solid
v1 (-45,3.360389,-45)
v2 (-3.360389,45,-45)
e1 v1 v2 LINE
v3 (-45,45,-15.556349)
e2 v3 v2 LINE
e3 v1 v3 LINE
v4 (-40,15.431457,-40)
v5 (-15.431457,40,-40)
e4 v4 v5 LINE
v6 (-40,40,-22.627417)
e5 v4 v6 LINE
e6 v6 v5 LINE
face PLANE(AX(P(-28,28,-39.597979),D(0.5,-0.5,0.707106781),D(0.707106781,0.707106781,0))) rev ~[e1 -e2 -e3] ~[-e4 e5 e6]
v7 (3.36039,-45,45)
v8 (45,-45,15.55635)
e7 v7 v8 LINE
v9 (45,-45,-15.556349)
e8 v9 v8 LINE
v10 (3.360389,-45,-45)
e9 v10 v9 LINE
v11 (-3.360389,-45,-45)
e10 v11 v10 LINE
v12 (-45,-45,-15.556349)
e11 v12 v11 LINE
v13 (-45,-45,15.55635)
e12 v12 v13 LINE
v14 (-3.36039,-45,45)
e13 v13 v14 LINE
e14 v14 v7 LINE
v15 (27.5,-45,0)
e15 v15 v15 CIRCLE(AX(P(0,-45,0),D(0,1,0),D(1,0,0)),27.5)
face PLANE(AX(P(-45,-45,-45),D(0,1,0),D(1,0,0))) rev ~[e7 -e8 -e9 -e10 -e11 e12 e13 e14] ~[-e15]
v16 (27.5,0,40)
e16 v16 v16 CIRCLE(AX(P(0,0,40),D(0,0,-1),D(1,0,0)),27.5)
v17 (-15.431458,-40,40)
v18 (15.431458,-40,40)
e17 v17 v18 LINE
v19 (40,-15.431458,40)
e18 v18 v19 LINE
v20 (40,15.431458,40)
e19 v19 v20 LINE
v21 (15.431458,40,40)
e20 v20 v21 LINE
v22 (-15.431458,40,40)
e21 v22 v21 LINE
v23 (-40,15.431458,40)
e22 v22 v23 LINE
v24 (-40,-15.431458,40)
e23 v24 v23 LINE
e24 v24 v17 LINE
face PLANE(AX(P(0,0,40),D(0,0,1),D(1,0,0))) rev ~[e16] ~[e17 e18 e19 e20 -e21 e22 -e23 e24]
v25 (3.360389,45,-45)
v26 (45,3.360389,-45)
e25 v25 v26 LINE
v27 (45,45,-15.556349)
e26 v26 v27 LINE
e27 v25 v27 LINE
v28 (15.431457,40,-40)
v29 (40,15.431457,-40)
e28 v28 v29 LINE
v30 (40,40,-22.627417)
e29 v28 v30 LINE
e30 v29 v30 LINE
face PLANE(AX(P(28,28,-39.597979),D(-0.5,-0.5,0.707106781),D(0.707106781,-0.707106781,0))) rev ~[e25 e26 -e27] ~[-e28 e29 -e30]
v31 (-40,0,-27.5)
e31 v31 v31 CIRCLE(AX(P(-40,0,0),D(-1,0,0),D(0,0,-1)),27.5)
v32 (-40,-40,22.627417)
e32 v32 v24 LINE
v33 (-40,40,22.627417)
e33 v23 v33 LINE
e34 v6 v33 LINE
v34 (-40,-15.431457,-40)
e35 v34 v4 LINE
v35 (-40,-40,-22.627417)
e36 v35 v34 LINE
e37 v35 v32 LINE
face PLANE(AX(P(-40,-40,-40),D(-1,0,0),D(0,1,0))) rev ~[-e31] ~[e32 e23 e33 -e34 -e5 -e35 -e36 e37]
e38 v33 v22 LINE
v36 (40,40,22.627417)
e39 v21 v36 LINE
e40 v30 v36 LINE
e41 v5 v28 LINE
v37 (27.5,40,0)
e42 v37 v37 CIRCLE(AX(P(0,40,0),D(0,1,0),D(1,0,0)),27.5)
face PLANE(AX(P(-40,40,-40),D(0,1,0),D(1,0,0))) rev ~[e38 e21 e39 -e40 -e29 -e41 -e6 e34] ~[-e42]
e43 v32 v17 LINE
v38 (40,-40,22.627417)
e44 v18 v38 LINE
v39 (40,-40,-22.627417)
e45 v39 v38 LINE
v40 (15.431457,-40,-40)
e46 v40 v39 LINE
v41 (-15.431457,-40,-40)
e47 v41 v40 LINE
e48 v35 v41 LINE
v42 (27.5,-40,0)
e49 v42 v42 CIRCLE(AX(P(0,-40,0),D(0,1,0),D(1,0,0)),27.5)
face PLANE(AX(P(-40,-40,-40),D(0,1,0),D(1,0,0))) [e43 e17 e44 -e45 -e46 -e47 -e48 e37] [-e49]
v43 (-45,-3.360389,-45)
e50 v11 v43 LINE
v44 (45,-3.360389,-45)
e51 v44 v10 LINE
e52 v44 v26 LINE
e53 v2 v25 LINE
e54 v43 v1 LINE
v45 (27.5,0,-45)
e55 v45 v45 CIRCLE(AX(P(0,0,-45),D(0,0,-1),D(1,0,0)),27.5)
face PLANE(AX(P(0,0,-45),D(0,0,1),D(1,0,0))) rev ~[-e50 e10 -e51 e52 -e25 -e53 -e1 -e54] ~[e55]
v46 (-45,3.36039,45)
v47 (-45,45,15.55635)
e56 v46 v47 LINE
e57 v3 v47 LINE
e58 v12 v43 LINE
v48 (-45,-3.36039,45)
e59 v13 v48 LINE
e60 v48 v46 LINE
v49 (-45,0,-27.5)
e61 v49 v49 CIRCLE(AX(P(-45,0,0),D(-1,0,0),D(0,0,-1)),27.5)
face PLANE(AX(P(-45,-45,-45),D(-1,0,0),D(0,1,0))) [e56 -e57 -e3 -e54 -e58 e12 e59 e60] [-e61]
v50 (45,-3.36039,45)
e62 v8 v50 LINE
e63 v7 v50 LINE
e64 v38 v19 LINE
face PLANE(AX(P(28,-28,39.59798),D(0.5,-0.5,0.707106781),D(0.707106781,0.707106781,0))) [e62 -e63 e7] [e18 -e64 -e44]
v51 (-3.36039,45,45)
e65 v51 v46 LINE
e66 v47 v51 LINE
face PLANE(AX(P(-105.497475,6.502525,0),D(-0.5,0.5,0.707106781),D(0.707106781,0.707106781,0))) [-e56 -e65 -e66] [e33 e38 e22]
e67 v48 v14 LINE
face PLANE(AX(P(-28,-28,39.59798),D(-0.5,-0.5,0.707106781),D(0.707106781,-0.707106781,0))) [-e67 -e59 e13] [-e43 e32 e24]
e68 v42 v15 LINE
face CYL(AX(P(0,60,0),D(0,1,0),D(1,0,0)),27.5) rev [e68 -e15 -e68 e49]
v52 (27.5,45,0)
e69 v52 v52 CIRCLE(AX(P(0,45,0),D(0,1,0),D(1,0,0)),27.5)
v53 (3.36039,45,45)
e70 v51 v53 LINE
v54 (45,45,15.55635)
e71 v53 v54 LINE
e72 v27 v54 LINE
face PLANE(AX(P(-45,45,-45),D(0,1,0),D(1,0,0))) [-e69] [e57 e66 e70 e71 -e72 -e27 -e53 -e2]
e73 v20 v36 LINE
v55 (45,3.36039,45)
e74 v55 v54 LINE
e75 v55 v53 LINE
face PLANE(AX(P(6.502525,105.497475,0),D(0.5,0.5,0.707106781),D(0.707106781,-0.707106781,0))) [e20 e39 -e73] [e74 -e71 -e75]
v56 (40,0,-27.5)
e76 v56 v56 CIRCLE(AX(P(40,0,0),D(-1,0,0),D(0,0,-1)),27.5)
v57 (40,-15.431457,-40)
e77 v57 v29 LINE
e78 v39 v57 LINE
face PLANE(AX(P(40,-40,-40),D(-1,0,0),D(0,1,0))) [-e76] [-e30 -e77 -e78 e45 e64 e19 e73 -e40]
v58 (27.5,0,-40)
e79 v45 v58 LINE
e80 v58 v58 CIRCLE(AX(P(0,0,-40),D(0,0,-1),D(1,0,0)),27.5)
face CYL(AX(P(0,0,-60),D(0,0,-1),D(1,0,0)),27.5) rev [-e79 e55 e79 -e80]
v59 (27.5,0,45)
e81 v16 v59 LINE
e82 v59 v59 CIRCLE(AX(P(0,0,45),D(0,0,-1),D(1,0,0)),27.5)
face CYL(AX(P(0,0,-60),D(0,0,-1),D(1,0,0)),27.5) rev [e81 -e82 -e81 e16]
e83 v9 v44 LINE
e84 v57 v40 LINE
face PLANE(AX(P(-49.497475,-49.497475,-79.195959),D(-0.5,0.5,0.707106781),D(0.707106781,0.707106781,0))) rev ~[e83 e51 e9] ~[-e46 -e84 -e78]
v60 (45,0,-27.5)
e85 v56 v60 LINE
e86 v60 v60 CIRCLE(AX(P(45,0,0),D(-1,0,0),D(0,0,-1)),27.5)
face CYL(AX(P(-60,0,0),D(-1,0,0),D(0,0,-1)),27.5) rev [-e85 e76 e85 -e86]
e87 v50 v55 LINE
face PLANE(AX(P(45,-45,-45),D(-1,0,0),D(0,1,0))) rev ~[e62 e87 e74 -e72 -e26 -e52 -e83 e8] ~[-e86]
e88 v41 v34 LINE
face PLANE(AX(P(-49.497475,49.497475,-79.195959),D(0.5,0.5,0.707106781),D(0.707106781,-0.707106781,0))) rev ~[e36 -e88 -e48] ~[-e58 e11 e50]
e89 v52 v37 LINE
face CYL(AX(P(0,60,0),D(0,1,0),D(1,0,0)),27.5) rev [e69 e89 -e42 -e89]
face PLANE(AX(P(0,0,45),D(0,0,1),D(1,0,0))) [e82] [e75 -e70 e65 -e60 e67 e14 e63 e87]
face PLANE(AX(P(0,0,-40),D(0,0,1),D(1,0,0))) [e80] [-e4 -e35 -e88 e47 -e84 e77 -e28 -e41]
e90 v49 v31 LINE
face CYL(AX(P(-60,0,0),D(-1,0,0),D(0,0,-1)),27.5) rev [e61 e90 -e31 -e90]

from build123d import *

# Parameters (mm, degrees)
BOX004_W                = 140
BOX004_H                = 112
BOX004_DEPTH            = 112
BOX004_ROLL_ANGLE       = 45
BOX004_PLACEMENT_ANGLE  = -45
BOX005_W                = 180
BOX005_H                = 180
BOX005_DEPTH            = 180
BOX005_ROLL_ANGLE       = 45
BOX005_PLACEMENT_ANGLE  = -45
BOX002_W                = 140
BOX002_H                = 112
BOX002_DEPTH            = 112
BOX002_ROLL_ANGLE       = 45
BOX002_PLACEMENT_ANGLE  = 45
BOX003_W                = 180
BOX003_H                = 180
BOX003_DEPTH            = 180
BOX003_ROLL_ANGLE       = 45
BOX003_PLACEMENT_ANGLE  = 45
CYLINDER_R              = 27.5
CYLINDER_DEPTH          = 120
CYLINDER001_R           = 27.5
CYLINDER001_DEPTH       = 120
CYLINDER001_ROLL_ANGLE  = 90
CYLINDER002_R           = 27.5
CYLINDER002_DEPTH       = 120
CYLINDER002_PITCH_ANGLE = 90
BOX001_W                = 80
BOX001_H                = 80
BOX001_DEPTH            = 80
BOX_W                   = 90
BOX_H                   = 90
BOX_DEPTH               = 90


with BuildPart() as box004:
    # Box004 → Box004 (new body)
    with BuildSketch(Plane.XY):
        with Locations((70, 56)):
            Rectangle(BOX004_W, BOX004_H)
    extrude(amount=BOX004_DEPTH)


with BuildPart() as box004_1:
    # Box004 roll: moved
    add(box004.part.rotate(Axis((0, 0, 0), (1, 0, 0)), BOX004_ROLL_ANGLE))


with BuildPart() as box004_2:
    # Box004 placement: moved
    add(box004_1.part.moved(Location((-49.497475, 49.497475, -79.195959))).rotate(Axis((-49.497475, 49.497475, -79.195959), (0, 0, 1)), BOX004_PLACEMENT_ANGLE))


with BuildPart() as cut002:
    # Box005 → Box005 (new body)
    with BuildSketch(Plane.XY):
        with Locations((90, 90)):
            Rectangle(BOX005_W, BOX005_H)
    extrude(amount=BOX005_DEPTH)


with BuildPart() as cut002_1:
    # Box005 roll: moved
    add(cut002.part.rotate(Axis((0, 0, 0), (1, 0, 0)), BOX005_ROLL_ANGLE))


with BuildPart() as cut002_2:
    # Box005 placement: moved
    add(cut002_1.part.moved(Location((-63.63961, 63.63961, -127.279221))).rotate(Axis((-63.63961, 63.63961, -127.279221), (0, 0, 1)), BOX005_PLACEMENT_ANGLE))

    # Cut002: cut Box004
    add(box004_2.part, mode=Mode.SUBTRACT)


with BuildPart() as box002:
    # Box002 → Box002 (new body)
    with BuildSketch(Plane.XY):
        with Locations((70, 56)):
            Rectangle(BOX002_W, BOX002_H)
    extrude(amount=BOX002_DEPTH)


with BuildPart() as box002_1:
    # Box002 roll: moved
    add(box002.part.rotate(Axis((0, 0, 0), (1, 0, 0)), BOX002_ROLL_ANGLE))


with BuildPart() as box002_2:
    # Box002 placement: moved
    add(box002_1.part.moved(Location((-49.497475, -49.497475, -79.195959))).rotate(Axis((-49.497475, -49.497475, -79.195959), (0, 0, 1)), BOX002_PLACEMENT_ANGLE))


with BuildPart() as cut001:
    # Box003 → Box003 (new body)
    with BuildSketch(Plane.XY):
        with Locations((90, 90)):
            Rectangle(BOX003_W, BOX003_H)
    extrude(amount=BOX003_DEPTH)


with BuildPart() as cut001_1:
    # Box003 roll: moved
    add(cut001.part.rotate(Axis((0, 0, 0), (1, 0, 0)), BOX003_ROLL_ANGLE))


with BuildPart() as cut001_2:
    # Box003 placement: moved
    add(cut001_1.part.moved(Location((-63.63961, -63.63961, -127.279221))).rotate(Axis((-63.63961, -63.63961, -127.279221), (0, 0, 1)), BOX003_PLACEMENT_ANGLE))

    # Cut001: cut Box002
    add(box002_2.part, mode=Mode.SUBTRACT)


with BuildPart() as cylinder:
    # Cylinder → Cylinder (new body)
    with BuildSketch(Plane.XY.offset(-60)):
        Circle(CYLINDER_R)
    extrude(amount=CYLINDER_DEPTH)


with BuildPart() as cylinder001:
    # Cylinder001 → Cylinder001 (new body)
    with BuildSketch(Plane.XY):
        Circle(CYLINDER001_R)
    extrude(amount=CYLINDER001_DEPTH)


with BuildPart() as cylinder001_1:
    # Cylinder001 roll: moved
    add(cylinder001.part.rotate(Axis((0, 0, 0), (1, 0, 0)), CYLINDER001_ROLL_ANGLE))


with BuildPart() as cylinder001_2:
    # Cylinder001 placement: moved
    add(cylinder001_1.part.moved(Location((0, 60, 0))))


with BuildPart() as cylinder002:
    # Cylinder002 → Cylinder002 (new body)
    with BuildSketch(Plane.XY):
        Circle(CYLINDER002_R)
    extrude(amount=CYLINDER002_DEPTH)


with BuildPart() as cylinder002_1:
    # Cylinder002 pitch: moved
    add(cylinder002.part.rotate(Axis((0, 0, 0), (0, 1, 0)), CYLINDER002_PITCH_ANGLE))


with BuildPart() as cylinder002_2:
    # Cylinder002 placement: moved
    add(cylinder002_1.part.moved(Location((-60, 0, 0))))


with BuildPart() as fusion:
    # Box001 → Box001 (new body)
    with BuildSketch(Plane(origin=(-40, -40, -40), x_dir=(1, 0, 0), z_dir=(0, 0, 1))):
        with Locations((40, 40)):
            Rectangle(BOX001_W, BOX001_H)
    extrude(amount=BOX001_DEPTH)

    # Fusion: union Cylinder, Cylinder001, Cylinder002
    add(cylinder.part)
    add(cylinder001_2.part)
    add(cylinder002_2.part)


with BuildPart() as cut004:
    # Box → Box (new body)
    with BuildSketch(Plane(origin=(-45, -45, -45), x_dir=(1, 0, 0), z_dir=(0, 0, 1))):
        with Locations((45, 45)):
            Rectangle(BOX_W, BOX_H)
    extrude(amount=BOX_DEPTH)

    # Cut: cut Fusion
    add(fusion.part, mode=Mode.SUBTRACT)

    # Cut003: cut Cut001
    add(cut001_2.part, mode=Mode.SUBTRACT)

    # Cut004: cut Cut002
    add(cut002_2.part, mode=Mode.SUBTRACT)


solid = cut004.part
